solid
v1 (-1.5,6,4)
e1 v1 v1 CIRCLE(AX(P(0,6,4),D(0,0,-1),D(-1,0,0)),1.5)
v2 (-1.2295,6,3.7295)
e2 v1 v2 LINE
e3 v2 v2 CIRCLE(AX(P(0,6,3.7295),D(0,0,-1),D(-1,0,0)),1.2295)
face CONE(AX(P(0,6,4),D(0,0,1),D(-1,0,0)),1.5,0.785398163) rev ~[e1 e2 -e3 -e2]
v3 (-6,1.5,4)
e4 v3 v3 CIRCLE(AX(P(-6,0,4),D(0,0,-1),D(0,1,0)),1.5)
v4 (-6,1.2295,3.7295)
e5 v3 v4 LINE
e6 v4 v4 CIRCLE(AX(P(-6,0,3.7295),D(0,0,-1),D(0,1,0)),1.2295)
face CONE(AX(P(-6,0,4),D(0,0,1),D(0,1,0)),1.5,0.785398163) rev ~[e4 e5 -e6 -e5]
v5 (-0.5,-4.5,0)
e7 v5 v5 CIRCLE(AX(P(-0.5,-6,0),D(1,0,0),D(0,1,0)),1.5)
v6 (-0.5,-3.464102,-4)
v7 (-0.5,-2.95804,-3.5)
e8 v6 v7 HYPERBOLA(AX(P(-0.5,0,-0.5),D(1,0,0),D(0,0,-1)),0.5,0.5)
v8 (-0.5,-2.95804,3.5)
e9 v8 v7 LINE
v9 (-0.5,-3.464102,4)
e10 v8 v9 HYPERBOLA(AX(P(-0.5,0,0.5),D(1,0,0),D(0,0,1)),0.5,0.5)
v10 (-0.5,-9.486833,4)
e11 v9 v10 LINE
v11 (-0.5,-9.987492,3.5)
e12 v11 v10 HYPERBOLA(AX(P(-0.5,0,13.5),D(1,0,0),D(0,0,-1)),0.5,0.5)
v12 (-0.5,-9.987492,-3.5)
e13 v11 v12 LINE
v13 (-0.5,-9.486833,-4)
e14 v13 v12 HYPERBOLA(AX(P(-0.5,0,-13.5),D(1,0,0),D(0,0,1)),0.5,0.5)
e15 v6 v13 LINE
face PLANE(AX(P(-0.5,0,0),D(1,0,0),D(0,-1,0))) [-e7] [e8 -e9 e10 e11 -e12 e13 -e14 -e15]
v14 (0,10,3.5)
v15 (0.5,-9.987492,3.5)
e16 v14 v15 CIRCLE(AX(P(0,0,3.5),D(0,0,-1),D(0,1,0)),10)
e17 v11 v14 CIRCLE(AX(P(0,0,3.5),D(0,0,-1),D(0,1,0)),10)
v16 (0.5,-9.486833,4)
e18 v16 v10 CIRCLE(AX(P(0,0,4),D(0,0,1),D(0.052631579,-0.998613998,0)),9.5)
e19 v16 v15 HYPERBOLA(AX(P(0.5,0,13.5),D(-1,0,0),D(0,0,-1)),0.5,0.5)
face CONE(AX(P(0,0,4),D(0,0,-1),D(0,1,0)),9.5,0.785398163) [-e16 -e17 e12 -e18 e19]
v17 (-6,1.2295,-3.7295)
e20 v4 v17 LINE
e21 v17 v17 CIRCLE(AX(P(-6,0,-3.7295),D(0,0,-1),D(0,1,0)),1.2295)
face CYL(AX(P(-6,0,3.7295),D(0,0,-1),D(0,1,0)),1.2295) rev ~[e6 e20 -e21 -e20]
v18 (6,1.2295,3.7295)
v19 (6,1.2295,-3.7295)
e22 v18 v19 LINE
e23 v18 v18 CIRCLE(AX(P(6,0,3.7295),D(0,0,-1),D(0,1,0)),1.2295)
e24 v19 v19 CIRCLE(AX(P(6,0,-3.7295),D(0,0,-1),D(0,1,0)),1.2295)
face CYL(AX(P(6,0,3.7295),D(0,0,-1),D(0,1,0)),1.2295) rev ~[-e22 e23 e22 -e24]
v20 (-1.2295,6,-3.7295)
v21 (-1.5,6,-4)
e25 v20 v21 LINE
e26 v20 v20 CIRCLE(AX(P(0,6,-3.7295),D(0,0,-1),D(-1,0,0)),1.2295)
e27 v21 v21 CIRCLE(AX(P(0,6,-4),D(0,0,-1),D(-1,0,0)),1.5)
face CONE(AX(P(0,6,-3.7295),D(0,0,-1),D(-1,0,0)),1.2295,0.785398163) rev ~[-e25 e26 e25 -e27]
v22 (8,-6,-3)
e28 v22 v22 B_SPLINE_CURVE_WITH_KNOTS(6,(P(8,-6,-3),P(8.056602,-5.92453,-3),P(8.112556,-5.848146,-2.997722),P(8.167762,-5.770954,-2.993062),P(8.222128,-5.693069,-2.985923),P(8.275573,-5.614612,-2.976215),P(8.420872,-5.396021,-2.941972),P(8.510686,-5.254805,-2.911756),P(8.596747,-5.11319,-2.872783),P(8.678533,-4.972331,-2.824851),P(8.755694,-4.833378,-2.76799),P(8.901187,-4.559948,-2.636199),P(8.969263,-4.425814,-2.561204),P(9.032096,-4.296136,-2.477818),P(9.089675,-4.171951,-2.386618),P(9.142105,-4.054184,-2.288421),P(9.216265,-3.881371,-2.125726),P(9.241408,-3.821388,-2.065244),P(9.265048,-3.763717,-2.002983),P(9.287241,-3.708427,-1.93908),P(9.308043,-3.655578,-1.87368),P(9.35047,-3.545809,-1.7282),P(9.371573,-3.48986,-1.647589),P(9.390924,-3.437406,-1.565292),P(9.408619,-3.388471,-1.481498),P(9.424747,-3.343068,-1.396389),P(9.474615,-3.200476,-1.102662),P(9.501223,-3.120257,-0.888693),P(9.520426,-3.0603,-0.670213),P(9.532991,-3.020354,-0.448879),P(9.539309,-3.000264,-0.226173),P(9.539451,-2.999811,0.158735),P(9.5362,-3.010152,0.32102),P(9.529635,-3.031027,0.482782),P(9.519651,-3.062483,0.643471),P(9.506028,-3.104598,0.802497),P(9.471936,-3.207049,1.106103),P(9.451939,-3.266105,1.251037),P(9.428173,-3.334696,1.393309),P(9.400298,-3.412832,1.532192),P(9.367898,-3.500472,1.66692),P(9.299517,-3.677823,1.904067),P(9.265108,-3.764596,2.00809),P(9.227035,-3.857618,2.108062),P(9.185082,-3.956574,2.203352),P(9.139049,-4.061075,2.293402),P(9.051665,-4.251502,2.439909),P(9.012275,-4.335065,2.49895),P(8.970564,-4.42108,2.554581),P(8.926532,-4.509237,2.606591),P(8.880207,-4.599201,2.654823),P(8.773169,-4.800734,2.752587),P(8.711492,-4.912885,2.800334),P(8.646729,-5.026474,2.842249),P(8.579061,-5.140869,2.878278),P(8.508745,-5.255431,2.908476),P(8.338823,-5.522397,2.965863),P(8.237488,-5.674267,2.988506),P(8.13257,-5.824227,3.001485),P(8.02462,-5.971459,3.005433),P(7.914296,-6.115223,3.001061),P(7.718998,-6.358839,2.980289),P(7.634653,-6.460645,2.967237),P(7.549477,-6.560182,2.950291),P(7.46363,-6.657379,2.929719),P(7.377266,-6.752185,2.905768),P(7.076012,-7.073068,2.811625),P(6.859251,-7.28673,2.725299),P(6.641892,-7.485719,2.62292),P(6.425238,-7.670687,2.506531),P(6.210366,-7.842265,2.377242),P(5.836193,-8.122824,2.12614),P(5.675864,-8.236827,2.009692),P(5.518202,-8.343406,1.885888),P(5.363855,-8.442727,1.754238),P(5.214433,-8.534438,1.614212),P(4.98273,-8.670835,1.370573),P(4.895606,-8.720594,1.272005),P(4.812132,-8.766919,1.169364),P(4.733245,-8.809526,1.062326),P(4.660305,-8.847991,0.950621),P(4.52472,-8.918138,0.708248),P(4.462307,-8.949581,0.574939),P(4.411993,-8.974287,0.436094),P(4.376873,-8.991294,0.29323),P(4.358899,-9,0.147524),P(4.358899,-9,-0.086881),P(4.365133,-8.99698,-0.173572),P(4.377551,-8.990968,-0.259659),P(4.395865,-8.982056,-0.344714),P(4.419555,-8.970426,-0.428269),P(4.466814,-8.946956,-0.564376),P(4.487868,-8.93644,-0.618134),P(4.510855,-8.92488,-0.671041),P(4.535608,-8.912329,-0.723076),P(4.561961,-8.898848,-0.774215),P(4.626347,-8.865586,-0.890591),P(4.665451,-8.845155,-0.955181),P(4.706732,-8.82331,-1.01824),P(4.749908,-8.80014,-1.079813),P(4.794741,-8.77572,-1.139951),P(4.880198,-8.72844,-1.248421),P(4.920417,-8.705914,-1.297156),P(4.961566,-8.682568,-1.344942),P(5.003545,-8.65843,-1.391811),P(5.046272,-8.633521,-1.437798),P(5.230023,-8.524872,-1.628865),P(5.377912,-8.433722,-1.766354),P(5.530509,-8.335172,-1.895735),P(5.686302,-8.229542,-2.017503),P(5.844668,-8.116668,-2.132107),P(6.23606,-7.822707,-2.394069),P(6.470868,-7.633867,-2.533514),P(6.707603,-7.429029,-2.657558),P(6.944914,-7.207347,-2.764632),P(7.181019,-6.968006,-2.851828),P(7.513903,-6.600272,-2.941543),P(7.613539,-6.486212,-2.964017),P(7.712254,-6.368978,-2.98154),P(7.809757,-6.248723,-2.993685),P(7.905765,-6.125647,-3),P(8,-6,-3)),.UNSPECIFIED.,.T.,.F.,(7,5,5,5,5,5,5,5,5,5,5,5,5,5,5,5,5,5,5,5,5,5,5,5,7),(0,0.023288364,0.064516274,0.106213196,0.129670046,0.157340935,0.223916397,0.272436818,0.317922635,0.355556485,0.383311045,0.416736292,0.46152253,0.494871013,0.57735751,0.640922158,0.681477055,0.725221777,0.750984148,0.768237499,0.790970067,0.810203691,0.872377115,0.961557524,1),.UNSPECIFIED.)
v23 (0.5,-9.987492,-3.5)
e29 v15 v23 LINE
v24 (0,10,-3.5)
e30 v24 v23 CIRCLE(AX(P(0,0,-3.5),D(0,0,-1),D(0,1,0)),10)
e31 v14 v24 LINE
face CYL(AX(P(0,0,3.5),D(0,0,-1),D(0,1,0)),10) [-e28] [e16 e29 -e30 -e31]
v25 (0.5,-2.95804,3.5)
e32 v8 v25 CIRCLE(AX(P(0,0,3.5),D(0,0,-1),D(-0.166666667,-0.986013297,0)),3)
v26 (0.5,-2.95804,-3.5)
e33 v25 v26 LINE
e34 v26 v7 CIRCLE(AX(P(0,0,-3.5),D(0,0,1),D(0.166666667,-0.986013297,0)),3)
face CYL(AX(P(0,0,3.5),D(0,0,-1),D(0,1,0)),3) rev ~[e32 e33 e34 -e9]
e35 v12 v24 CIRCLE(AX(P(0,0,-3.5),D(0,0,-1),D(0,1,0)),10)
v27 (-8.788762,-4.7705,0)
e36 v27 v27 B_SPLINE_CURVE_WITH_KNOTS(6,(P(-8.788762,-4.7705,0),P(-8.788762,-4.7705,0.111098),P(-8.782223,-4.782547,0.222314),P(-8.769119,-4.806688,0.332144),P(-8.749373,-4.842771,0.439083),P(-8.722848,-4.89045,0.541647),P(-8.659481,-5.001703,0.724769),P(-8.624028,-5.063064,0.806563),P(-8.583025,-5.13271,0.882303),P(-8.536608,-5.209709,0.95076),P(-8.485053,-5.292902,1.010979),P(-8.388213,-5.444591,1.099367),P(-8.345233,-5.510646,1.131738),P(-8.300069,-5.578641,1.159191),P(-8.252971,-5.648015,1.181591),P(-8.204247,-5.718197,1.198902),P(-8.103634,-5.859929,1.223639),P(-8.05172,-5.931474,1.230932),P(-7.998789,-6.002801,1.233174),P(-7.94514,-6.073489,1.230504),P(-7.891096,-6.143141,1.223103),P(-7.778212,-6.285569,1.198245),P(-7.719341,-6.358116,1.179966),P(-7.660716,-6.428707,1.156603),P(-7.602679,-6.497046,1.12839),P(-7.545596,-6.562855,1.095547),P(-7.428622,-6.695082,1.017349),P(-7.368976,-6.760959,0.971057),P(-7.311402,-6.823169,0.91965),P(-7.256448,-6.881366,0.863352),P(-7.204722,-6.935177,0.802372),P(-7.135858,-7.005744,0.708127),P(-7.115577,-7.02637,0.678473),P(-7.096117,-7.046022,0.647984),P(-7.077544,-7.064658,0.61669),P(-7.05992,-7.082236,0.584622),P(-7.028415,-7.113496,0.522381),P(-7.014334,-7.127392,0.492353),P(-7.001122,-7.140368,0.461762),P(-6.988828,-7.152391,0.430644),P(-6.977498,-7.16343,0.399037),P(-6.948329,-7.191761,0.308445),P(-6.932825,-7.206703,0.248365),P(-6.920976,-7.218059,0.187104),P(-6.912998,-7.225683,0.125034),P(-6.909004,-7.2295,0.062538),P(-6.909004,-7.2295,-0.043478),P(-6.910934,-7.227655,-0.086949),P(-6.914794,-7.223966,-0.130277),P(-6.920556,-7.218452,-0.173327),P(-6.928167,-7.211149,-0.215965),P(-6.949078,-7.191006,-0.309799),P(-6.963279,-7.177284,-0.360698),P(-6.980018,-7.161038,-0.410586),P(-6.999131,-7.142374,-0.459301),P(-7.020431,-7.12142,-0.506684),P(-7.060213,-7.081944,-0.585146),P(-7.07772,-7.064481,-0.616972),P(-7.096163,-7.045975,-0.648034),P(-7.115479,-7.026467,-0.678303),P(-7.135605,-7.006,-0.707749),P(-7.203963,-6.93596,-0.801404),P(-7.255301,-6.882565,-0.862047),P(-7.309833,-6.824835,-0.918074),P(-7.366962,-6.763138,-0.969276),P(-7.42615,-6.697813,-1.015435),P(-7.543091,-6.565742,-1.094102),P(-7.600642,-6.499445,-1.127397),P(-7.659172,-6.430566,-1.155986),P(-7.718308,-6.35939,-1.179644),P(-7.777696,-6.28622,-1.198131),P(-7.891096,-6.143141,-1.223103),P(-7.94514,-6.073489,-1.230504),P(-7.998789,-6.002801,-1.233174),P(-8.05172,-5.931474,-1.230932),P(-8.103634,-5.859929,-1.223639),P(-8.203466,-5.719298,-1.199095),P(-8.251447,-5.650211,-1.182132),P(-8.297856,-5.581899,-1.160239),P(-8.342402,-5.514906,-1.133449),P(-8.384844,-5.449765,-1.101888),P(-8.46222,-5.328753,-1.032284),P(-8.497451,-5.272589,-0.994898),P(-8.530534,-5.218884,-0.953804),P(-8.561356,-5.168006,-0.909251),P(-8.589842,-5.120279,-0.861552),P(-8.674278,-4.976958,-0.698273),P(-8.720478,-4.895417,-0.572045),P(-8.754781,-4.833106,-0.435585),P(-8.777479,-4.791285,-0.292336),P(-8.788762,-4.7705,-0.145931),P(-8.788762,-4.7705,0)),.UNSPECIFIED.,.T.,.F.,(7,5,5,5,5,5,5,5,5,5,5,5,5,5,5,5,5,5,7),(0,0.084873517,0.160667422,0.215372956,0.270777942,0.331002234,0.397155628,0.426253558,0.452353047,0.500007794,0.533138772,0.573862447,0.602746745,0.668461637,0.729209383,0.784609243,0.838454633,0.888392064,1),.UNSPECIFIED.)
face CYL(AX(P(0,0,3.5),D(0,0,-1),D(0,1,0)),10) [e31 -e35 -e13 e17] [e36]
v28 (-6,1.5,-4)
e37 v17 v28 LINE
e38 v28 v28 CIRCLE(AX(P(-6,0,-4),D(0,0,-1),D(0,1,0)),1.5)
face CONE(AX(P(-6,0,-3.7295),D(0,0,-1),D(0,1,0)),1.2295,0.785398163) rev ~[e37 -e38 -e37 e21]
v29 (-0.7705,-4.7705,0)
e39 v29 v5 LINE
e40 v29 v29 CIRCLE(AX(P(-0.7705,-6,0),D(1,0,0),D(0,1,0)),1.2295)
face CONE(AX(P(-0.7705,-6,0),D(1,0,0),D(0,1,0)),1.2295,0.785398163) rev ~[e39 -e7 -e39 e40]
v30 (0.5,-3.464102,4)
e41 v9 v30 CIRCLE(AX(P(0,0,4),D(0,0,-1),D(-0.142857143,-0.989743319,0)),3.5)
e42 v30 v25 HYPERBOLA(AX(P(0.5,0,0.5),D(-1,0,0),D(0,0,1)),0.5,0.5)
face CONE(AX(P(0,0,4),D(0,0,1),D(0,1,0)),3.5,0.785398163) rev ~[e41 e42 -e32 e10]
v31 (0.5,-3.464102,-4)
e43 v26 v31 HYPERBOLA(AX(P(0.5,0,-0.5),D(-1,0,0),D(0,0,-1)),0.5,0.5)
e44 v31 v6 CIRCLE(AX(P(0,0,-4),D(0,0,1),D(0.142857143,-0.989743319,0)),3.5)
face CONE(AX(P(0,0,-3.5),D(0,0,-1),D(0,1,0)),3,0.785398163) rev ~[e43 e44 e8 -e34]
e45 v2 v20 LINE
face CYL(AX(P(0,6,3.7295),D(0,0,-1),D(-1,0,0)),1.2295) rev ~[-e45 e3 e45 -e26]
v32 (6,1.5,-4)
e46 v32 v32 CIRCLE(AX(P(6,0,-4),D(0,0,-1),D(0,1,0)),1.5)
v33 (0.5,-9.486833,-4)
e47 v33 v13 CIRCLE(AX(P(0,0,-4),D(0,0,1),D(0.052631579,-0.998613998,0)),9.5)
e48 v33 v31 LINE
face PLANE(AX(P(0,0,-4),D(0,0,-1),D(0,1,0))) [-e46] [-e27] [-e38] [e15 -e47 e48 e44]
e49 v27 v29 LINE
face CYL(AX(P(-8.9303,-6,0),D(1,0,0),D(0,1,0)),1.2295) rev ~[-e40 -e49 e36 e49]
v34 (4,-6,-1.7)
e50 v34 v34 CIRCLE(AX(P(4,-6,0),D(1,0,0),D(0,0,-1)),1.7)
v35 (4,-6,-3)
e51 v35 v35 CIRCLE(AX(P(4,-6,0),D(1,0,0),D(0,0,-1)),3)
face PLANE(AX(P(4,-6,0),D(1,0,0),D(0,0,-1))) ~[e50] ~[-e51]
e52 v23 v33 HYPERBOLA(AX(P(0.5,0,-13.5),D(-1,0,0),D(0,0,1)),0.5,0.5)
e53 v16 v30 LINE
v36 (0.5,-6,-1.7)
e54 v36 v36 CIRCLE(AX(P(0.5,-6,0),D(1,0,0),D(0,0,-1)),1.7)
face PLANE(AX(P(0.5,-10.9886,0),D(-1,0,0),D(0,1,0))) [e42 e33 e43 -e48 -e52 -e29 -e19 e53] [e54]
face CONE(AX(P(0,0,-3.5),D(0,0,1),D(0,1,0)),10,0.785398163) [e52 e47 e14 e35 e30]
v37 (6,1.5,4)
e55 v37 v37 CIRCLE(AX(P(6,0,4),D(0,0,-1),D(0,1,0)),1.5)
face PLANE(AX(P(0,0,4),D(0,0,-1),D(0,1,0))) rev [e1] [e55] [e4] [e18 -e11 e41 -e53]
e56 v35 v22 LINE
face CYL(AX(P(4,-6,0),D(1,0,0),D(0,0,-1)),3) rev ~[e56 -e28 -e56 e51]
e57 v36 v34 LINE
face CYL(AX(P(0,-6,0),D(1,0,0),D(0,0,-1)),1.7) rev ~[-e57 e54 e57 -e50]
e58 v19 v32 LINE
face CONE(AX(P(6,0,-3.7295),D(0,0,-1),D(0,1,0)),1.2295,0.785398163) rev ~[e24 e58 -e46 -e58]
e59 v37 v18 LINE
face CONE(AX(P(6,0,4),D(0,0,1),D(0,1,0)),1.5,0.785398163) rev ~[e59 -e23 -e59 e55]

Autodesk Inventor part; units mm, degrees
sketch "Sketch_14" plane through (0, 0, 0) normal (1, 0, 0) x (0, 1, 0)
  line L0 (0, -4) -> (0, 4)
  line L1 (0, 4) -> (9.5, 4)
  line L2 (9.5, 4) -> (10, 3.5)
  line L3 (10, 3.5) -> (10, -3.5)
  line L4 (10, -3.5) -> (9.5, -4)
  line L5 (9.5, -4) -> (0, -4)
  line L6 (0, -4) -> (0, 4)
revolve "Revolution1" add sketch "Sketch_14" angle 360 about axis through (0, 0, -4) along (0, 0, -1)
sketch "Sketch_15" plane through (0, 0, 0) normal (1, 0, 0) x (0, 1, 0)
  line L0 (0, -4) -> (0, 4)
  line L1 (0, 4) -> (3.5, 4)
  line L2 (3.5, 4) -> (3, 3.5)
  line L3 (3, 3.5) -> (3, -3.5)
  line L4 (3, -3.5) -> (3.5, -4)
  line L5 (3.5, -4) -> (0, -4)
  line L6 (0, -4) -> (0, 4)
revolve "Revolution2" cut sketch "Sketch_15" angle 360 about axis through (0, 0, -4) along (0, 0, -1)
sketch "Sketch_16" plane through (0, 0, 0) normal (0, 0, 1) x (1, 0, 0)
  arc A0 (-0.5, -10.9886) -> (0.5, -10.9886) centre (0, 0) ccw
  line L0 (0.5, -10.9886) -> (0.5, 0)
  line L1 (0.5, 0) -> (-0.5, 0)
  line L2 (-0.5, 0) -> (-0.5, -10.9886)
extrude "Extrusion1" cut sketch "Sketch_16" along normal mid plane 8
sketch "Sketch_18" plane through (6, 0, 0) normal (1, 0, 0) x (0, 0, -1)
  line L0 (4, 0) -> (-4, 0)
  line L1 (-4, 0) -> (-4, 1.5)
  line L2 (-4, 1.5) -> (-3.7295, 1.2295)
  line L3 (-3.7295, 1.2295) -> (3.7295, 1.2295)
  line L4 (3.7295, 1.2295) -> (4, 1.5)
  line L5 (4, 1.5) -> (4, 0)
  line L6 (4, 0) -> (-4, 0)
revolve "Revolution3" cut sketch "Sketch_18" angle 360 about axis through (6, 0, -4) along (0, 0, -1)
thread "Thread1" size "M3x0.5" class "6H" standard "ISO Metric profile" full length
sketch "Sketch_20" plane through (-6, 0, 0) normal (1, 0, 0) x (0, 0, -1)
  line L0 (4, 0) -> (-4, 0)
  line L1 (-4, 0) -> (-4, 1.5)
  line L2 (-4, 1.5) -> (-3.7295, 1.2295)
  line L3 (-3.7295, 1.2295) -> (3.7295, 1.2295)
  line L4 (3.7295, 1.2295) -> (4, 1.5)
  line L5 (4, 1.5) -> (4, 0)
  line L6 (4, 0) -> (-4, 0)
revolve "Revolution4" cut sketch "Sketch_20" angle 360 about axis through (-6, 0, -4) along (0, 0, -1)
thread "Thread2" size "M3x0.5" class "6H" standard "ISO Metric profile" full length
sketch "Sketch_22" plane through (0, 6, 0) normal (0, 1, 0) x (1, 0, 0)
  line L0 (0, 4) -> (0, -4)
  line L1 (0, -4) -> (-1.5, -4)
  line L2 (-1.5, -4) -> (-1.2295, -3.7295)
  line L3 (-1.2295, -3.7295) -> (-1.2295, 3.7295)
  line L4 (-1.2295, 3.7295) -> (-1.5, 4)
  line L5 (-1.5, 4) -> (0, 4)
  line L6 (0, 4) -> (0, -4)
revolve "Revolution5" cut sketch "Sketch_22" angle 360 about axis through (0, 6, -4) along (0, 0, -1)
thread "Thread3" size "M3x0.5" class "6H" standard "ISO Metric profile" full length
sketch "Sketch_23" plane through (0, -6, 0) normal (0, 1, 0) x (1, 0, 0)
  line L0 (10, 0) -> (0, 0)
  line L1 (0, 0) -> (0, 1.7)
  line L2 (0, 1.7) -> (4, 1.7)
  line L3 (4, 1.7) -> (4, 3)
  line L4 (4, 3) -> (10, 3)
  line L5 (10, 3) -> (10, 0)
  line L6 (10, 0) -> (0, 0)
revolve "Revolution6" cut sketch "Sketch_23" angle 360 about axis through (10, -6, 0) along (1, 0, 0)
sketch "Sketch_25" plane through (0, 0, 0) normal (0, 0, 1) x (1, 0, 0)
  line L0 (-0.5, -6) -> (-8.9303, -6)
  line L1 (-8.9303, -6) -> (-8.9303, -4.7705)
  line L2 (-8.9303, -4.7705) -> (-0.7705, -4.7705)
  line L3 (-0.7705, -4.7705) -> (-0.5, -4.5)
  line L4 (-0.5, -4.5) -> (-0.5, -6)
  line L5 (-0.5, -6) -> (-8.9303, -6)
revolve "Revolution7" cut sketch "Sketch_25" angle 360 about axis through (-0.5, -6, 0) along (1, 0, 0)
thread "Thread4" size "M3x0.5" class "6H" standard "ISO Metric profile" length 8.1598
ref_plane "to_bolt_XY" through (4, -6, 0) normal (1, 0, 0) x (0, 0, -1)
ref_plane "to_bolt_YZ" through (4, -6, 0) normal (0, 0, -1) x (0, 1, 0)
ref_plane "to_bolt_ZX" through (4, -6, 0) normal (0, 1, 0) x (1, 0, 0)
properties part number "SCSTR6-8b" material "鋼、炭素鋼"
